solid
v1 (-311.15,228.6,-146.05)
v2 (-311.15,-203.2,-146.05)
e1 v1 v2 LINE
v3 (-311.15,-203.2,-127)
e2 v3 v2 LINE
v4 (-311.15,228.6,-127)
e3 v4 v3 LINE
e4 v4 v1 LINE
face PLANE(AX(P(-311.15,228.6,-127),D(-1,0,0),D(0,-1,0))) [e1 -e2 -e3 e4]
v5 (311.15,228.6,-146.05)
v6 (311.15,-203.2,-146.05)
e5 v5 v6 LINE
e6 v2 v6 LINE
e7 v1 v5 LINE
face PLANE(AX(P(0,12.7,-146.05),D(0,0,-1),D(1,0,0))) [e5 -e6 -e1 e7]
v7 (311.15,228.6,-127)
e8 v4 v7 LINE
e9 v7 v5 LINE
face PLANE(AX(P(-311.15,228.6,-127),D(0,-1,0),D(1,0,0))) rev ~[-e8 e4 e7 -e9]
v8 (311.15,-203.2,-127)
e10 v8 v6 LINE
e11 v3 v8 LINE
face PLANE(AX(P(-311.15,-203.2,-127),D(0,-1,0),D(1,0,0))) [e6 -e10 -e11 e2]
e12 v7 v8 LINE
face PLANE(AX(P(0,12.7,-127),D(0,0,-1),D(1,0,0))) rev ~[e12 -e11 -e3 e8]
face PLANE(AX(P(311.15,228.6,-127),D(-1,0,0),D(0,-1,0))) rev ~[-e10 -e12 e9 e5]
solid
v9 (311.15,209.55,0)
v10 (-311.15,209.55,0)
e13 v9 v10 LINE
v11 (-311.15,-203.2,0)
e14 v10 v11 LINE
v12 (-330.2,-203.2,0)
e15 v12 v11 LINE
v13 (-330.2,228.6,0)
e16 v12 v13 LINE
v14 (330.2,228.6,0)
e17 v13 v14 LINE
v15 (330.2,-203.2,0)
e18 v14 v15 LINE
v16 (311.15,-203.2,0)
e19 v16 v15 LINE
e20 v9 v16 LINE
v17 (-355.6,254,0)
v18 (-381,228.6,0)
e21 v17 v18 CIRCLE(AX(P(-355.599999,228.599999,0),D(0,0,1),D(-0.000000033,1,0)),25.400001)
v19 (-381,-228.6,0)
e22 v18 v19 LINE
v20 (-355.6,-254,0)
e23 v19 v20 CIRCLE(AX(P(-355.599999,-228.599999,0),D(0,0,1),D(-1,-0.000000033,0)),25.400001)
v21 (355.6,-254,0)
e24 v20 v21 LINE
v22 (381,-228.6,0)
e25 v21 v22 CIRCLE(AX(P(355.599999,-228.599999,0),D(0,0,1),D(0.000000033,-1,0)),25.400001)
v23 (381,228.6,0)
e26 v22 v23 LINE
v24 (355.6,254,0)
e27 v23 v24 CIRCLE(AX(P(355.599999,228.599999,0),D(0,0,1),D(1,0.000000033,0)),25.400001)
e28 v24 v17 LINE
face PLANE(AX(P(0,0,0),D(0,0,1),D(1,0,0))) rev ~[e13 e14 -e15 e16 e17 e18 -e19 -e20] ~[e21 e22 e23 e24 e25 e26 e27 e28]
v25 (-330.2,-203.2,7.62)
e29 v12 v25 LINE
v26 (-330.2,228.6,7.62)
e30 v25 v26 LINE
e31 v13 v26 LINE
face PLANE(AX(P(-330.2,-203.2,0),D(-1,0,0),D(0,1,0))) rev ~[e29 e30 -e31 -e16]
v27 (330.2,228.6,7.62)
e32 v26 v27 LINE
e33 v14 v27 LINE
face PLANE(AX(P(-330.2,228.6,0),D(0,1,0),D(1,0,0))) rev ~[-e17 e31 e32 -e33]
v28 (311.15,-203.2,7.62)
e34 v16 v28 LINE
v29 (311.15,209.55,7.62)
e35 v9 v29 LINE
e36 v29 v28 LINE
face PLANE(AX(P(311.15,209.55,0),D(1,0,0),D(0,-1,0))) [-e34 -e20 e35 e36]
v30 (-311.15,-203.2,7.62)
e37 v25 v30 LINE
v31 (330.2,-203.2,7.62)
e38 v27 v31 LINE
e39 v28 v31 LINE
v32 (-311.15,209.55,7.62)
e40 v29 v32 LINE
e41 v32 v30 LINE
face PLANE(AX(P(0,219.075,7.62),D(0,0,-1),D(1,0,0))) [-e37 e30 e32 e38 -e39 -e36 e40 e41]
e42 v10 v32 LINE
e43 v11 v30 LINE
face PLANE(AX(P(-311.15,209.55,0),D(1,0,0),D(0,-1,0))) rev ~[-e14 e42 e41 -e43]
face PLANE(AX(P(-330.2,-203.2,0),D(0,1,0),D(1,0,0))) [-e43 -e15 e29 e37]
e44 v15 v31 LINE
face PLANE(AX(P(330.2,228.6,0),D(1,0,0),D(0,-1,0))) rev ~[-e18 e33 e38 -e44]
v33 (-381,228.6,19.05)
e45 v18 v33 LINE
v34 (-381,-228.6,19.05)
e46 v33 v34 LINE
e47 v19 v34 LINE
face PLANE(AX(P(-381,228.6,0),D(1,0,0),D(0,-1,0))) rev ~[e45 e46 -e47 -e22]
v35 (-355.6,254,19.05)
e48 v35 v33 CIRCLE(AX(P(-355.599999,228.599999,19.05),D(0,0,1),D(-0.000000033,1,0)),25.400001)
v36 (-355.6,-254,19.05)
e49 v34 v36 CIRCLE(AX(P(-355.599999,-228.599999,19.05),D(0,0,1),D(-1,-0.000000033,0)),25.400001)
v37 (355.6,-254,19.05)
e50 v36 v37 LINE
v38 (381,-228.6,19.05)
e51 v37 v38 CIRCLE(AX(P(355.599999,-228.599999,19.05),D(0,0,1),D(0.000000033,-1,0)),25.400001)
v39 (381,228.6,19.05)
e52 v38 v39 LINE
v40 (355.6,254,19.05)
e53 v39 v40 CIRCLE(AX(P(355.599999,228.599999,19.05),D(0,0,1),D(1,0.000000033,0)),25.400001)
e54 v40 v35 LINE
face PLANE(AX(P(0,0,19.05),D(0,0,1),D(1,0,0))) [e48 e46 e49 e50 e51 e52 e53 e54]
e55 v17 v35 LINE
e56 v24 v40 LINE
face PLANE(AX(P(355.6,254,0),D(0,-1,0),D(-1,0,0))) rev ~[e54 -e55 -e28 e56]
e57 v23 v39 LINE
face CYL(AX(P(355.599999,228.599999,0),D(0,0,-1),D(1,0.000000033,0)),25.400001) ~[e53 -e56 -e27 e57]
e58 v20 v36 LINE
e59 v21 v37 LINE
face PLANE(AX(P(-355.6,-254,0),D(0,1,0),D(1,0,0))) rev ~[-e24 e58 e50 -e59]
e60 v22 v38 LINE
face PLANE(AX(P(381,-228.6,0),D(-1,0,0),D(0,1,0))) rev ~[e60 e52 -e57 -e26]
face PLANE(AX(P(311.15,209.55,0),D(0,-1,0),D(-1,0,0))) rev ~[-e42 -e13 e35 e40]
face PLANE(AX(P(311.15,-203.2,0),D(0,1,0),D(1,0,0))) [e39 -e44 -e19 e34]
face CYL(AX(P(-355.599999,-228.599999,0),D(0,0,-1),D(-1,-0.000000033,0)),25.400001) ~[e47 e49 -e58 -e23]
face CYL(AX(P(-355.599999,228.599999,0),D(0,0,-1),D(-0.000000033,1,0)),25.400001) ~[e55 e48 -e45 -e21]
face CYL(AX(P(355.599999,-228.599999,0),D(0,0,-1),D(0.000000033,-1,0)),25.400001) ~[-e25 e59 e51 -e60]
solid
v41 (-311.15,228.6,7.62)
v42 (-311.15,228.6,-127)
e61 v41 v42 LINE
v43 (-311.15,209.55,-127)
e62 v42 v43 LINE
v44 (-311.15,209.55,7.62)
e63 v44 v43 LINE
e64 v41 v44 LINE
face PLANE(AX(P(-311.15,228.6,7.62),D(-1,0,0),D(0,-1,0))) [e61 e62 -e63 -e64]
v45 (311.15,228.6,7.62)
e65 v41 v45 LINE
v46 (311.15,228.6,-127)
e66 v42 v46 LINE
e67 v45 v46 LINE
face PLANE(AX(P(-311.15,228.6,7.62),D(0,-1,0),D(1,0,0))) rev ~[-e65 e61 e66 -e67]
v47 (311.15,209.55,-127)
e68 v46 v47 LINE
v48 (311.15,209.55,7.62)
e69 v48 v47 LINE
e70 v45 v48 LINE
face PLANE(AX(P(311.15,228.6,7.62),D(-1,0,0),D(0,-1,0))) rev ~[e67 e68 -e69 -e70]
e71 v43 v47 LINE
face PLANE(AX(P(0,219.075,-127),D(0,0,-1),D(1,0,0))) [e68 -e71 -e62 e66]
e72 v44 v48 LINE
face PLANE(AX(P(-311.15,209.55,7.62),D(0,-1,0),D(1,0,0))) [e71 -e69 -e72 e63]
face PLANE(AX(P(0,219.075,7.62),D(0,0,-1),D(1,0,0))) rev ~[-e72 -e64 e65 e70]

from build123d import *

# Parameters (mm, degrees)
F1_DEPTH = 19.05
F2_W     = 19.05
F2_H     = 412.75
F3_DEPTH = 7.62
F4_W     = 622.3
F4_H     = 19.05
F5_DEPTH = 134.62
F6_W     = 622.3
F6_H     = 431.8
F7_DEPTH = 19.05


with BuildPart() as f1:
    # F0 (on Top) → F1 (new body)
    with BuildSketch(Plane.XY):
        with BuildLine():
            Line((355.6, 254), (-355.6, 254))
            ThreePointArc((-355.6, 254), (-373.560512, 246.560512), (-381, 228.6))
            Line((-381, 228.6), (-381, -228.6))
            ThreePointArc((-381, -228.6), (-373.560512, -246.560512), (-355.6, -254))
            Line((-355.6, -254), (355.6, -254))
            ThreePointArc((355.6, -254), (373.560512, -246.560512), (381, -228.6))
            Line((381, -228.6), (381, 228.6))
            ThreePointArc((381, 228.6), (373.560512, 246.560512), (355.6, 254))
        make_face()
    extrude(amount=F1_DEPTH)

    # F2 (on face) → F3 (cut)
    with BuildSketch(Plane(origin=(0, 0, 0), x_dir=(1, 0, 0), z_dir=(0, 0, -1))):
        Polygon((-330.2, -228.6), (330.2, -228.6), (330.2, -209.55), (311.15, -209.55), (-311.15, -209.55), (-330.2, -209.55), align=None)
        with Locations((320.675, -3.175)):
            Rectangle(F2_W, F2_H)
        with Locations((-320.675, -3.175)):
            Rectangle(F2_W, F2_H)
    extrude(amount=-F3_DEPTH, mode=Mode.SUBTRACT)


with BuildPart() as f5:
    # F4 (on face) → F5 (new body)
    with BuildSketch(Plane(origin=(0, 0, 7.62), x_dir=(1, 0, 0), z_dir=(0, 0, -1))):
        with Locations((0, -219.075)):
            Rectangle(F4_W, F4_H)
    extrude(amount=F5_DEPTH)


with BuildPart() as f7:
    # F6 (on face) → F7 (new body)
    with BuildSketch(Plane(origin=(0, 0, -127), x_dir=(1, 0, 0), z_dir=(0, 0, -1))):
        with Locations((0, -12.7)):
            Rectangle(F6_W, F6_H)
    extrude(amount=F7_DEPTH)


solid = Compound([f1.part, f5.part, f7.part])
